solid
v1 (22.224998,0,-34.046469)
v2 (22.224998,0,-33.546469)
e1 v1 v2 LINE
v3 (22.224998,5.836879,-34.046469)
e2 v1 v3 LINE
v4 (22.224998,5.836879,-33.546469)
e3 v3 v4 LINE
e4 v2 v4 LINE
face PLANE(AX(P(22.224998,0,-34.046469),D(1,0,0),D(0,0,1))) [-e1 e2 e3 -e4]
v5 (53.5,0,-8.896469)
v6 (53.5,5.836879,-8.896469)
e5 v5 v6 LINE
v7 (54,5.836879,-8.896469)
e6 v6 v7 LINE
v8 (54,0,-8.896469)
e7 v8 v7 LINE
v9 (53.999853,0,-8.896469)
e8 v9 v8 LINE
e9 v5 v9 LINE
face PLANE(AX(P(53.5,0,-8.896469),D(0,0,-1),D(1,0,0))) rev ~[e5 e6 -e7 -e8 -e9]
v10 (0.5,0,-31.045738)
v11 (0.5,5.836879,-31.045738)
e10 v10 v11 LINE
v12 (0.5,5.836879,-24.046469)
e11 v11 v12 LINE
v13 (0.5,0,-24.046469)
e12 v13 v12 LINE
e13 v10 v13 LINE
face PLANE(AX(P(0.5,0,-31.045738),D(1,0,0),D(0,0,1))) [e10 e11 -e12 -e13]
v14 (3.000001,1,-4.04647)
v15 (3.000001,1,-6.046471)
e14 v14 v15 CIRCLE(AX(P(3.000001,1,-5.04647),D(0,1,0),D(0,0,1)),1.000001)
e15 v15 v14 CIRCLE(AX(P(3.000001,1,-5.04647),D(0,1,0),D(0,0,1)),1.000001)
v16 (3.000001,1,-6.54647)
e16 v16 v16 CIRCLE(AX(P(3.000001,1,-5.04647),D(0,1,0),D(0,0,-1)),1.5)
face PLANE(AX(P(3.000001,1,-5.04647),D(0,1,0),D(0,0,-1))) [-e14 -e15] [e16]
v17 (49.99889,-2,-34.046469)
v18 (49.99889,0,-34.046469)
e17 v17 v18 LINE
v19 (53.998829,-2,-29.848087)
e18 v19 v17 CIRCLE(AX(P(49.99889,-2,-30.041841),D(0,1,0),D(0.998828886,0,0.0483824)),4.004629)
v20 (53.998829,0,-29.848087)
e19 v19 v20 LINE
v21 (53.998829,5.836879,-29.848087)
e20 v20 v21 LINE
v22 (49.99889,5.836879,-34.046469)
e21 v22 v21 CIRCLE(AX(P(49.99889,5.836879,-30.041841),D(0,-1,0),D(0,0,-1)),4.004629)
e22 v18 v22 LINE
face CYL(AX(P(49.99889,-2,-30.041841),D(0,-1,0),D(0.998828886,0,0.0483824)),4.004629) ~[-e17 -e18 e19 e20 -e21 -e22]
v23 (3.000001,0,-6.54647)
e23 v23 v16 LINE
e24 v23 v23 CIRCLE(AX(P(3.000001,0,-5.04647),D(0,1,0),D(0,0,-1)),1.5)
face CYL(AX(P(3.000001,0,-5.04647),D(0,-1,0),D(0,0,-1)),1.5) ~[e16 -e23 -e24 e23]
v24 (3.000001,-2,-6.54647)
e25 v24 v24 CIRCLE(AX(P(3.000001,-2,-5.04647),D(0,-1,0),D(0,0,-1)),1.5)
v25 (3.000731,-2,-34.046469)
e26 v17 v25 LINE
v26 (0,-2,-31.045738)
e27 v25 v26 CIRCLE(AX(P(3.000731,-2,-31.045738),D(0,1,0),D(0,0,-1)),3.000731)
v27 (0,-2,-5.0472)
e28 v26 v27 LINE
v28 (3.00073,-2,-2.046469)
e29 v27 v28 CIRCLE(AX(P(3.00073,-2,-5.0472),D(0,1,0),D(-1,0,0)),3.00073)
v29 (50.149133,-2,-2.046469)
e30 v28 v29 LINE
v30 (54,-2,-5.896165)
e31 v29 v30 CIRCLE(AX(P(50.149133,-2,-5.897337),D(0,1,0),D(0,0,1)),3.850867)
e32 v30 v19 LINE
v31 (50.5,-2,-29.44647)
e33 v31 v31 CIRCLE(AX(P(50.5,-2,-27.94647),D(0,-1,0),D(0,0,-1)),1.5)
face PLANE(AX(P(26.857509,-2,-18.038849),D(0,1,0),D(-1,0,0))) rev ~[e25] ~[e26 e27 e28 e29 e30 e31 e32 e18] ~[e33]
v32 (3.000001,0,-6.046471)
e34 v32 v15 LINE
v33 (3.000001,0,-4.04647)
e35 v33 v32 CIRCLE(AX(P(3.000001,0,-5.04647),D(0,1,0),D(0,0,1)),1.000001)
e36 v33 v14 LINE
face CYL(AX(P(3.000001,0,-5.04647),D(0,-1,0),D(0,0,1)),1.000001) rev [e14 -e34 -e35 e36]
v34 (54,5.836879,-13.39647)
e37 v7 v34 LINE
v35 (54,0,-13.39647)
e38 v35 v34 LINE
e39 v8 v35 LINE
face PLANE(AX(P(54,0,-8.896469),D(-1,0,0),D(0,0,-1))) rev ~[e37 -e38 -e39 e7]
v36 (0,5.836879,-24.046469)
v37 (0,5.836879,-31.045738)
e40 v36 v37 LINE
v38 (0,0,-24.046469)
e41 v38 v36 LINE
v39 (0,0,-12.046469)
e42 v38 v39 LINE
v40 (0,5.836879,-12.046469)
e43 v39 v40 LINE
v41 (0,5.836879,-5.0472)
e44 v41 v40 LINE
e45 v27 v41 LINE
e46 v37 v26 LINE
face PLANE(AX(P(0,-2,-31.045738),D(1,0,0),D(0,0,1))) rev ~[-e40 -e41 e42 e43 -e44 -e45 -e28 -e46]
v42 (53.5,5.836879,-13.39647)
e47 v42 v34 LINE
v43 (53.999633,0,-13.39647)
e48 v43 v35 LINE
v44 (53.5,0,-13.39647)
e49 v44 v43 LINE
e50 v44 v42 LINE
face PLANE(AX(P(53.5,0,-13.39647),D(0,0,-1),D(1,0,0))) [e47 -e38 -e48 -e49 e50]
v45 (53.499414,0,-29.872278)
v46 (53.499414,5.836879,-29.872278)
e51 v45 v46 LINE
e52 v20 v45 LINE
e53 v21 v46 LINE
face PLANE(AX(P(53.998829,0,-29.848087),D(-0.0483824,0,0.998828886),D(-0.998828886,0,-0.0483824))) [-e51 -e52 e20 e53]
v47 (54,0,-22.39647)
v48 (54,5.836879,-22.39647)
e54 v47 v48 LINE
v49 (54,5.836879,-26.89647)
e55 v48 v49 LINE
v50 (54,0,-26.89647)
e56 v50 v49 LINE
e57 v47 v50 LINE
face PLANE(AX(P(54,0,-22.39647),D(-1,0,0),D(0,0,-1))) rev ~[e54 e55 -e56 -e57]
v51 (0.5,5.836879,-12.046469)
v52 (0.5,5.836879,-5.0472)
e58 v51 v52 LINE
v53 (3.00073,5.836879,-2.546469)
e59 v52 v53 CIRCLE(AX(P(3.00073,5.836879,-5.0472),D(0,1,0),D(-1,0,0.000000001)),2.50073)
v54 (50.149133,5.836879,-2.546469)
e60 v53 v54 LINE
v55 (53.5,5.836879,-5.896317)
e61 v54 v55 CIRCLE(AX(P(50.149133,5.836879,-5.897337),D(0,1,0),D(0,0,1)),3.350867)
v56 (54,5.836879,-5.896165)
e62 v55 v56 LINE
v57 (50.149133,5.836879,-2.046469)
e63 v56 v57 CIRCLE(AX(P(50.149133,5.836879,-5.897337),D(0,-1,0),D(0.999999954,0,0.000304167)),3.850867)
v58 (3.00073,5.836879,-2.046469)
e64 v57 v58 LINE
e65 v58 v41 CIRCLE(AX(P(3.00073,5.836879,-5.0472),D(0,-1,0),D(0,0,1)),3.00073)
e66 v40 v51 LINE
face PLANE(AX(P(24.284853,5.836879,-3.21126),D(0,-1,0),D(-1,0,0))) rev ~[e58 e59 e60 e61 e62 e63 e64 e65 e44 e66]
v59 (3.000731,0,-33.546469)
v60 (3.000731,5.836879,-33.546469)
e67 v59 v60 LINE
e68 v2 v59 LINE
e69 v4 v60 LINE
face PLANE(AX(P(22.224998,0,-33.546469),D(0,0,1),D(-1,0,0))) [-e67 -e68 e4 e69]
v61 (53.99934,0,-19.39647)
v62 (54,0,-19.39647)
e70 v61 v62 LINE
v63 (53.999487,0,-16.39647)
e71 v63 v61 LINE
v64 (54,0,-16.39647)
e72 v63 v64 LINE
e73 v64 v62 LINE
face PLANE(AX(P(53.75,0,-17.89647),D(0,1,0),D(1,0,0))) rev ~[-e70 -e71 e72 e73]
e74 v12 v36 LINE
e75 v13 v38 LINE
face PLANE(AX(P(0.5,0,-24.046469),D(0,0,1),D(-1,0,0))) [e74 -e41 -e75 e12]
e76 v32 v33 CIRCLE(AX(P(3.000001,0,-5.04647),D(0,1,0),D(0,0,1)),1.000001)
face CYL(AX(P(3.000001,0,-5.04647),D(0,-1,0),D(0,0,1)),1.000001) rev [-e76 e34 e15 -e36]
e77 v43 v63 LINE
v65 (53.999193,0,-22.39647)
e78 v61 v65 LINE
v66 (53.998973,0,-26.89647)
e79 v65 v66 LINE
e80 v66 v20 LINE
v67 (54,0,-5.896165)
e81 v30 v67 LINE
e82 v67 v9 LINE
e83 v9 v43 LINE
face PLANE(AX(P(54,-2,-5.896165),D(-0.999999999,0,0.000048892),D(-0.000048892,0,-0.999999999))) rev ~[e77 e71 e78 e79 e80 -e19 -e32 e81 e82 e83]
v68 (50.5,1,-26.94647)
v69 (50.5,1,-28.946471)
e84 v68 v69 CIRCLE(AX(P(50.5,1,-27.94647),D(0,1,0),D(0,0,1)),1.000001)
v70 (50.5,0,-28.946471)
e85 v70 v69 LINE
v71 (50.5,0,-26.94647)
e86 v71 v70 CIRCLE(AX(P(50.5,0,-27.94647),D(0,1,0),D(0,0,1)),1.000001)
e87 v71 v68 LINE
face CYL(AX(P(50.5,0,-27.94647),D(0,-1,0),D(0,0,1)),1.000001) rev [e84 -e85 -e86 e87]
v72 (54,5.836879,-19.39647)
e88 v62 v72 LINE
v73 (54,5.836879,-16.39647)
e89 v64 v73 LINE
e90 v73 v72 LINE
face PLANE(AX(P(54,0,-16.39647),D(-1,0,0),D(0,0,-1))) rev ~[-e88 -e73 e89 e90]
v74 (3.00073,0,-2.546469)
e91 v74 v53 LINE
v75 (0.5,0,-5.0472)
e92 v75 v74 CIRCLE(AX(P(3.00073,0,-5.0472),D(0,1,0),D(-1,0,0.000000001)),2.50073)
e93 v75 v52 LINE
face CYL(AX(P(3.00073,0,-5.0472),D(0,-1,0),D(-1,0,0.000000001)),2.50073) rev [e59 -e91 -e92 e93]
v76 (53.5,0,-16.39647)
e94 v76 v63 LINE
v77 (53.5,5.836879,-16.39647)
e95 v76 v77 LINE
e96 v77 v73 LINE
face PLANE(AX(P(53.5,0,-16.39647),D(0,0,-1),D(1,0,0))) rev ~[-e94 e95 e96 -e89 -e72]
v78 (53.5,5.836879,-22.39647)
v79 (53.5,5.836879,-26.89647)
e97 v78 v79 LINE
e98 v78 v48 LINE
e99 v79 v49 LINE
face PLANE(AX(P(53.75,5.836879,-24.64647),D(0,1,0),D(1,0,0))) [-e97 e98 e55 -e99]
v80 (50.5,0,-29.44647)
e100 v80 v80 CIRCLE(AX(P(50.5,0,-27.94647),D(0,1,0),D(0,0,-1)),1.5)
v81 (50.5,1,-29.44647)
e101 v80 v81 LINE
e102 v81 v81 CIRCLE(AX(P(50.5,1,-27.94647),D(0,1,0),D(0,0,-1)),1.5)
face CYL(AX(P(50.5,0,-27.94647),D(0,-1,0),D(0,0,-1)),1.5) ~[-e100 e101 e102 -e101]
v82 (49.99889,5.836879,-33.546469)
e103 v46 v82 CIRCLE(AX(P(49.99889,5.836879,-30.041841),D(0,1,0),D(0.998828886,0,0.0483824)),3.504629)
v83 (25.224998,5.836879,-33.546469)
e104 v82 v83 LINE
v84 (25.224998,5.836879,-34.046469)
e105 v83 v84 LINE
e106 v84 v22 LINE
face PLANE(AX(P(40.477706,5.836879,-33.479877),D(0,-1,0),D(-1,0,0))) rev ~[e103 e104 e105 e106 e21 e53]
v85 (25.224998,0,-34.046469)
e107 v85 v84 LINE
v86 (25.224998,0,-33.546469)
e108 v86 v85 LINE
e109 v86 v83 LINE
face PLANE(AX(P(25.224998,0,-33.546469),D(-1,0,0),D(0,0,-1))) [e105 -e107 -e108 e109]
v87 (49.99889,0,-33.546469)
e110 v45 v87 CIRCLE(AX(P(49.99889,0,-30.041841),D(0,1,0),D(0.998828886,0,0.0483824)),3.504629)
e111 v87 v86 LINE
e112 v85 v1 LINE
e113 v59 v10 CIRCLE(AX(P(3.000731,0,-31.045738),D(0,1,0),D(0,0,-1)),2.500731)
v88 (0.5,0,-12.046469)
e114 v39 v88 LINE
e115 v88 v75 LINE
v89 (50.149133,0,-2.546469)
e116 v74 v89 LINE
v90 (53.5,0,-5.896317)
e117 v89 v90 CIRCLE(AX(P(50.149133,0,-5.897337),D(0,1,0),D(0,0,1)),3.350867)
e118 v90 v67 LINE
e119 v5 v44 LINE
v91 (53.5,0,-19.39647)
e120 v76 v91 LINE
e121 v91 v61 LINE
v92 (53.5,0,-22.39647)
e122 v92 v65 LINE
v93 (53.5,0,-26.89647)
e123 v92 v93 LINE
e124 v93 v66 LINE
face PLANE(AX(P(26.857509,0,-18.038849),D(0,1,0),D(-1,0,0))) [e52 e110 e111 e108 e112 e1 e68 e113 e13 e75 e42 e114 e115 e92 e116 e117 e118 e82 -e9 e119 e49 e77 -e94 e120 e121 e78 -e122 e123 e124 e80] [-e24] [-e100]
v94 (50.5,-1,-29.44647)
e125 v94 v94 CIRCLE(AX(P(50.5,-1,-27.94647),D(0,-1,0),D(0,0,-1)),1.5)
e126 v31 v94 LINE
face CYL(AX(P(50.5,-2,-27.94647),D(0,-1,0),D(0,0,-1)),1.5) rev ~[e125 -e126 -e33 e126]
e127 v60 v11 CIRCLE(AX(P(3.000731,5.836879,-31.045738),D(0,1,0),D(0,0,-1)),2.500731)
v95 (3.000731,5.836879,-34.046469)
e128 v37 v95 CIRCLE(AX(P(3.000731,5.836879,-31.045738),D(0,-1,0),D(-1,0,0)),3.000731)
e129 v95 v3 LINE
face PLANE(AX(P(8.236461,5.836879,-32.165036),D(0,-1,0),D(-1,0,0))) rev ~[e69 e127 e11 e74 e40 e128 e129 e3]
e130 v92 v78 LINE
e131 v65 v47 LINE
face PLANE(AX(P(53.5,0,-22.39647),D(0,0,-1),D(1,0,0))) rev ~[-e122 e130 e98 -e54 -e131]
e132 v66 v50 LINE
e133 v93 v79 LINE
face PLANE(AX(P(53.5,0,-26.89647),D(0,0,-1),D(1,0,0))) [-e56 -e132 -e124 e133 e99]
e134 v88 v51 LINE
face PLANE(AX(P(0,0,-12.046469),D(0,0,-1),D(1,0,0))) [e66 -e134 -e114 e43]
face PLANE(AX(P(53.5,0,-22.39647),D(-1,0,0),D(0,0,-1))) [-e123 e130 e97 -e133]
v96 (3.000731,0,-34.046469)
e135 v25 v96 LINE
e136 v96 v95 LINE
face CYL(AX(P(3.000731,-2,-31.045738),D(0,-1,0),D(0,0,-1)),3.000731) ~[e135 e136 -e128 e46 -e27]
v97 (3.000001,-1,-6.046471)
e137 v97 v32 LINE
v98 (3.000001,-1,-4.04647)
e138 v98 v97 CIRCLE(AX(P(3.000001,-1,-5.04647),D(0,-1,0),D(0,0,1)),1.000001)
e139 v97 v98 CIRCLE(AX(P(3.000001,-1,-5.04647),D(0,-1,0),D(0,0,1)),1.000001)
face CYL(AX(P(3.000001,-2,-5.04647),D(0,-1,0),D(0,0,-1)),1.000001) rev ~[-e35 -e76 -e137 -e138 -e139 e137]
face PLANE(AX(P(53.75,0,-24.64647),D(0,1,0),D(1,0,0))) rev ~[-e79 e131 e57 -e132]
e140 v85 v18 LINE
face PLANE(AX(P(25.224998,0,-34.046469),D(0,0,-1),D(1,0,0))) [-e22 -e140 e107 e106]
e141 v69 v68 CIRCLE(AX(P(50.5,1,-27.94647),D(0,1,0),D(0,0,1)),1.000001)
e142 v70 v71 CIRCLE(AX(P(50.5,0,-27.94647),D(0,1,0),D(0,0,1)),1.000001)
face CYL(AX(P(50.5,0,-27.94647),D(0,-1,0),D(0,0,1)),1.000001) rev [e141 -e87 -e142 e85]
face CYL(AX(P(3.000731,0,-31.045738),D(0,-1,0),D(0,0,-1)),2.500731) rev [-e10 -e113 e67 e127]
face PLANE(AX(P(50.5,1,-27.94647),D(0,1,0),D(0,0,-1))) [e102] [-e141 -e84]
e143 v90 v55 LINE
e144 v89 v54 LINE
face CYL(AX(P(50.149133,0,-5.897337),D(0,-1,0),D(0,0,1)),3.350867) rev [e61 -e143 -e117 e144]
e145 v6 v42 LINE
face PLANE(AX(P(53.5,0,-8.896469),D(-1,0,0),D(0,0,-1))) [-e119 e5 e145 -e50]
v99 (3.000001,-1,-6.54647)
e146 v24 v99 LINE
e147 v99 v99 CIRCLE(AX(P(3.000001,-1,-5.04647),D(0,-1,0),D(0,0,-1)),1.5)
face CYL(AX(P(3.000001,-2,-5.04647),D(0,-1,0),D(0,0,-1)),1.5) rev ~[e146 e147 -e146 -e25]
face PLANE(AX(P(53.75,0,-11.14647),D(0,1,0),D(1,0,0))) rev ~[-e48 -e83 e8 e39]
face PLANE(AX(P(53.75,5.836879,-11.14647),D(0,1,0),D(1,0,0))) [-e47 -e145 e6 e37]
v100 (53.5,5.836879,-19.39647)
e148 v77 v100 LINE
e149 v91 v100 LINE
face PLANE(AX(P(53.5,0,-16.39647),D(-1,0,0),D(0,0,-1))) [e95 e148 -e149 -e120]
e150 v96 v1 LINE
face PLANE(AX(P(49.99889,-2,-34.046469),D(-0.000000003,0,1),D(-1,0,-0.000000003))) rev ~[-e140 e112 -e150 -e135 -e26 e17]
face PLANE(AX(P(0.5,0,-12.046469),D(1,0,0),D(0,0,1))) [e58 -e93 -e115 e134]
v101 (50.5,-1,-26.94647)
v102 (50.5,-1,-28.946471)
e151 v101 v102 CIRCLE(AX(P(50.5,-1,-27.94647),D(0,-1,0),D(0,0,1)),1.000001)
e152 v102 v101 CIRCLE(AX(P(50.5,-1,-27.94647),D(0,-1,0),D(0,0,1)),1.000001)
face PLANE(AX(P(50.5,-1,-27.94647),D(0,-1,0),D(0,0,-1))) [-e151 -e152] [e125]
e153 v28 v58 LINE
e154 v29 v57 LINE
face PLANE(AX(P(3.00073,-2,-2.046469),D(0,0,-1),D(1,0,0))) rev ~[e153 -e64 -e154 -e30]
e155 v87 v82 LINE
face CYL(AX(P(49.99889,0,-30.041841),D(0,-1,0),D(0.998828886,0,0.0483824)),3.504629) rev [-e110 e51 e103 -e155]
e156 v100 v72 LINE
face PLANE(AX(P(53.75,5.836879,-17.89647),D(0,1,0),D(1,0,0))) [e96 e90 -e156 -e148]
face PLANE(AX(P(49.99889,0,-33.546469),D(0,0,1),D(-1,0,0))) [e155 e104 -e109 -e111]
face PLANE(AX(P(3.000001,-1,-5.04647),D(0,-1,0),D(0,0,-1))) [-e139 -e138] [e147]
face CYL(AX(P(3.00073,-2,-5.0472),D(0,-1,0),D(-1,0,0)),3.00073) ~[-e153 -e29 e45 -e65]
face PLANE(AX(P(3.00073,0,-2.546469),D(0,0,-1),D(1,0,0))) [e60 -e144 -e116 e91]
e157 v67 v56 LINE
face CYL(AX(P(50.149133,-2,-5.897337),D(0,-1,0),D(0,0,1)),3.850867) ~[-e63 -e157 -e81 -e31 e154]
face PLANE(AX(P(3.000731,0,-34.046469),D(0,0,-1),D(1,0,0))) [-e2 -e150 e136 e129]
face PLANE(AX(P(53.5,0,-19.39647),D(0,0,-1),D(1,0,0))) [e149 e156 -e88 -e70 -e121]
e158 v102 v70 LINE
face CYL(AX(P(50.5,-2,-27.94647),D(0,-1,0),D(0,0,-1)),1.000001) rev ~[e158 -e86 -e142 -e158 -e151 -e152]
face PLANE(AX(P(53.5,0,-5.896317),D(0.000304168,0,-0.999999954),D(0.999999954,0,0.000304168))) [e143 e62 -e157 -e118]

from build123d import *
from build123d.topology import SkipClean

# Parameters (mm, degrees)
Y_KSEKLIK_EKSTR_ZYON6_DEPTH   = 5.836879
Y_KSEKLIK_EKSTR_ZYON6_2_DEPTH = 5.836879
Y_KSEKLIK_EKSTR_ZYON6_3_DEPTH = 5.836879
IZIM5_W                       = 0.5
IZIM5_H                       = 4.5
Y_KSEKLIK_EKSTR_ZYON6_4_DEPTH = 5.836879
IZIM5_H_2                     = 3
Y_KSEKLIK_EKSTR_ZYON6_5_DEPTH = 5.836879
IZIM5_H_3                     = 4.500000477
Y_KSEKLIK_EKSTR_ZYON6_6_DEPTH = 5.836879
Y_KSEKLIK_EKSTR_ZYON7_START   = 2
Y_KSEKLIK_EKSTR_ZYON7_DEPTH   = 2
IZIM9_R                       = 1.5
IZIM9_R_2                     = 1.00000054
Y_KSEKLIK_EKSTR_ZYON10_DEPTH  = 1
IZIM15_R                      = 1.5
IZIM15_R_2                    = 1.00000054
KES_EKSTR_ZYON1_DEPTH         = 1
IZIM16_R                      = 1.00000054
KES_EKSTR_ZYON2_DEPTH         = 9


with BuildPart() as part:
    # Çizim5 → Yükseklik-Ekstrüzyon6 (new body)
    with BuildSketch(Plane(origin=(0, 0, 0), x_dir=(1, 0, 0), z_dir=(0, 1, 0))):
        with BuildLine():
            Line((49.998890085, 33.546469342), (25.224998474, 33.546469342))
            Line((25.224998474, 33.546469342), (25.224998474, 34.046469342))
            Line((25.224998474, 34.046469342), (49.998890085, 34.046469342))
            ThreePointArc((49.998890085, 34.046469342), (52.898283285, 32.804189289), (53.998828886, 29.848087119))
            Line((53.998828886, 29.848087119), (53.499414443, 29.872278319))
            ThreePointArc((53.499414443, 29.872278319), (52.536278036, 32.459294812), (49.998890085, 33.546469342))
        make_face()
    extrude(amount=Y_KSEKLIK_EKSTR_ZYON6_DEPTH)



with BuildPart() as body_2:
    # Çizim5 → Y_kseklik-Ekstr_zyon6 2 (new body)
    with BuildSketch(Plane(origin=(0, 0, 0), x_dir=(1, 0, 0), z_dir=(0, 1, 0))):
        with BuildLine():
            Line((50.149132956, 2.046469359), (3.000730401, 2.046469359))
            ThreePointArc((3.000730401, 2.046469359), (0.878893586, 2.925362945), (0, 5.04719976))
            Line((0, 5.04719976), (0, 12.046469359))
            Line((0, 12.046469359), (0.5, 12.046469359))
            Line((0.5, 12.046469359), (0.5, 5.04719976))
            ThreePointArc((0.5, 5.04719976), (1.232446977, 3.278916336), (3.000730401, 2.546469359))
            Line((3.000730401, 2.546469359), (50.149132956, 2.546469359))
            ThreePointArc((50.149132956, 2.546469359), (52.518193482, 3.52755531), (53.499999977, 5.896317313))
            Line((53.499999977, 5.896317313), (53.999999954, 5.896165229))
            ThreePointArc((53.999999954, 5.896165229), (52.871693099, 3.173948154), (50.149132956, 2.046469359))
        make_face()
    extrude(amount=Y_KSEKLIK_EKSTR_ZYON6_2_DEPTH)


with BuildPart() as body_3:
    # Çizim5 → Y_kseklik-Ekstr_zyon6 3 (new body)
    with BuildSketch(Plane(origin=(0, 0, 0), x_dir=(1, 0, 0), z_dir=(0, 1, 0))):
        with BuildLine():
            Line((0, 24.04646891), (0, 31.045738379))
            ThreePointArc((0, 31.045738379), (0.878893795, 33.167575698), (3.000731114, 34.046469493))
            Line((3.000731114, 34.046469493), (22.224998474, 34.046469493))
            Line((22.224998474, 34.046469493), (22.224998474, 33.546469493))
            Line((22.224998474, 33.546469493), (3.000731114, 33.546469493))
            ThreePointArc((3.000731114, 33.546469493), (1.232447185, 32.814022307), (0.5, 31.045738379))
            Line((0.5, 31.045738379), (0.5, 24.04646891))
            Line((0.5, 24.04646891), (0, 24.04646891))
        make_face()
    extrude(amount=Y_KSEKLIK_EKSTR_ZYON6_3_DEPTH)


with BuildPart() as body_4:
    # Çizim5 → Y_kseklik-Ekstr_zyon6 4 (new body)
    with BuildSketch(Plane(origin=(0, 0, 0), x_dir=(1, 0, 0), z_dir=(0, 1, 0))):
        with Locations((53.75, 24.646469741)):
            Rectangle(IZIM5_W, IZIM5_H)
    extrude(amount=Y_KSEKLIK_EKSTR_ZYON6_4_DEPTH)


with BuildPart() as body_5:
    # Çizim5 → Y_kseklik-Ekstr_zyon6 5 (new body)
    with BuildSketch(Plane(origin=(0, 0, 0), x_dir=(1, 0, 0), z_dir=(0, 1, 0))):
        with Locations((53.75, 17.896469741)):
            Rectangle(IZIM5_W, IZIM5_H_2)
    extrude(amount=Y_KSEKLIK_EKSTR_ZYON6_5_DEPTH)


with BuildPart() as body_6:
    # Çizim5 → Y_kseklik-Ekstr_zyon6 6 (new body)
    with BuildSketch(Plane(origin=(0, 0, 0), x_dir=(1, 0, 0), z_dir=(0, 1, 0))):
        with Locations((53.75, 11.146469503)):
            Rectangle(IZIM5_W, IZIM5_H_3)
    extrude(amount=Y_KSEKLIK_EKSTR_ZYON6_6_DEPTH)


with BuildPart() as part_1:
    add(part.part)

    add(body_2.part)  # Yükseklik-Ekstrüzyon7 merges body 2

    add(body_3.part)  # Yükseklik-Ekstrüzyon7 merges body 3

    add(body_4.part)  # Yükseklik-Ekstrüzyon7 merges body 4

    add(body_5.part)  # Yükseklik-Ekstrüzyon7 merges body 5

    add(body_6.part)  # Yükseklik-Ekstrüzyon7 merges body 6
    # Çizim6 → Yükseklik-Ekstrüzyon7 (add)
    with BuildSketch(Plane.XZ.offset(Y_KSEKLIK_EKSTR_ZYON7_START)):
        with BuildLine():
            Line((0, -31.045738379), (0, -5.04719976))
            ThreePointArc((0, -5.04719976), (0.878893586, -2.925362945), (3.000730401, -2.046469359))
            Line((3.000730401, -2.046469359), (50.149132956, -2.046469359))
            ThreePointArc((50.149132956, -2.046469359), (52.871693099, -3.173948154), (53.999999954, -5.896165229))
            Line((53.999999954, -5.896165229), (53.998828886, -29.848087119))
            ThreePointArc((53.998828886, -29.848087119), (52.898283285, -32.804189289), (49.998890085, -34.046469342))
            Line((49.998890085, -34.046469342), (3.000731114, -34.046469493))
            ThreePointArc((3.000731114, -34.046469493), (0.878893795, -33.167575698), (0, -31.045738379))
        make_face()
    extrude(amount=-Y_KSEKLIK_EKSTR_ZYON7_DEPTH)

    # Çizim9 → Yükseklik-Ekstrüzyon10 (add)
    # profile 1 of 2: a face of its own
    with BuildSketch(Plane(origin=(0, 0, 0), x_dir=(1, 0, 0), z_dir=(0, 1, 0))):
        with Locations(Location((3.00000102, 5.046470439, 0), (0, 0, 90))):
            Circle(IZIM9_R)
        with Locations(Location((3.00000102, 5.046470439, 0), (0, 0, 270))):
            Circle(IZIM9_R_2, mode=Mode.SUBTRACT)
    # profile 2 of 2: a face of its own
    with BuildSketch(Plane(origin=(0, 0, 0), x_dir=(1, 0, 0), z_dir=(0, 1, 0))):
        with Locations(Location((50.5, 27.946470359, 0), (0, 0, 90))):
            Circle(IZIM9_R)
        with Locations(Location((50.5, 27.946470359, 0), (0, 0, 270))):
            Circle(IZIM9_R_2, mode=Mode.SUBTRACT)
    extrude(amount=Y_KSEKLIK_EKSTR_ZYON10_DEPTH)

    # Çizim15 → Kes-Ekstrüzyon1 (cut)
    # profile 1 of 2: a face of its own
    with BuildSketch(Plane.XZ.offset(2)):
        with Locations(Location((3.00000102, -5.046470439, 0), (0, 0, 270))):
            Circle(IZIM15_R)
        with Locations(Location((3.00000102, -5.046470439, 0), (0, 0, 90))):
            Circle(IZIM15_R_2, mode=Mode.SUBTRACT)
    # profile 2 of 2: a face of its own
    with BuildSketch(Plane.XZ.offset(2)):
        with Locations(Location((50.5, -27.946470359, 0), (0, 0, 270))):
            Circle(IZIM15_R)
        with Locations(Location((50.5, -27.946470359, 0), (0, 0, 90))):
            Circle(IZIM15_R_2, mode=Mode.SUBTRACT)
    extrude(amount=-KES_EKSTR_ZYON1_DEPTH, mode=Mode.SUBTRACT)

    # Çizim16 → Kes-Ekstrüzyon2 (cut)
    with SkipClean():  # the faces are left unmerged after this step: merging them gives an invalid solid
        with BuildSketch(Plane.XZ.offset(2)):
            with Locations(Location((3.00000102, -5.046470439, 0), (0, 0, 270))):
                Circle(IZIM16_R)
            with Locations(Location((50.5, -27.946470359, 0), (0, 0, 270))):
                Circle(IZIM16_R)
        extrude(amount=-KES_EKSTR_ZYON2_DEPTH, mode=Mode.SUBTRACT)


solid = part_1.part
